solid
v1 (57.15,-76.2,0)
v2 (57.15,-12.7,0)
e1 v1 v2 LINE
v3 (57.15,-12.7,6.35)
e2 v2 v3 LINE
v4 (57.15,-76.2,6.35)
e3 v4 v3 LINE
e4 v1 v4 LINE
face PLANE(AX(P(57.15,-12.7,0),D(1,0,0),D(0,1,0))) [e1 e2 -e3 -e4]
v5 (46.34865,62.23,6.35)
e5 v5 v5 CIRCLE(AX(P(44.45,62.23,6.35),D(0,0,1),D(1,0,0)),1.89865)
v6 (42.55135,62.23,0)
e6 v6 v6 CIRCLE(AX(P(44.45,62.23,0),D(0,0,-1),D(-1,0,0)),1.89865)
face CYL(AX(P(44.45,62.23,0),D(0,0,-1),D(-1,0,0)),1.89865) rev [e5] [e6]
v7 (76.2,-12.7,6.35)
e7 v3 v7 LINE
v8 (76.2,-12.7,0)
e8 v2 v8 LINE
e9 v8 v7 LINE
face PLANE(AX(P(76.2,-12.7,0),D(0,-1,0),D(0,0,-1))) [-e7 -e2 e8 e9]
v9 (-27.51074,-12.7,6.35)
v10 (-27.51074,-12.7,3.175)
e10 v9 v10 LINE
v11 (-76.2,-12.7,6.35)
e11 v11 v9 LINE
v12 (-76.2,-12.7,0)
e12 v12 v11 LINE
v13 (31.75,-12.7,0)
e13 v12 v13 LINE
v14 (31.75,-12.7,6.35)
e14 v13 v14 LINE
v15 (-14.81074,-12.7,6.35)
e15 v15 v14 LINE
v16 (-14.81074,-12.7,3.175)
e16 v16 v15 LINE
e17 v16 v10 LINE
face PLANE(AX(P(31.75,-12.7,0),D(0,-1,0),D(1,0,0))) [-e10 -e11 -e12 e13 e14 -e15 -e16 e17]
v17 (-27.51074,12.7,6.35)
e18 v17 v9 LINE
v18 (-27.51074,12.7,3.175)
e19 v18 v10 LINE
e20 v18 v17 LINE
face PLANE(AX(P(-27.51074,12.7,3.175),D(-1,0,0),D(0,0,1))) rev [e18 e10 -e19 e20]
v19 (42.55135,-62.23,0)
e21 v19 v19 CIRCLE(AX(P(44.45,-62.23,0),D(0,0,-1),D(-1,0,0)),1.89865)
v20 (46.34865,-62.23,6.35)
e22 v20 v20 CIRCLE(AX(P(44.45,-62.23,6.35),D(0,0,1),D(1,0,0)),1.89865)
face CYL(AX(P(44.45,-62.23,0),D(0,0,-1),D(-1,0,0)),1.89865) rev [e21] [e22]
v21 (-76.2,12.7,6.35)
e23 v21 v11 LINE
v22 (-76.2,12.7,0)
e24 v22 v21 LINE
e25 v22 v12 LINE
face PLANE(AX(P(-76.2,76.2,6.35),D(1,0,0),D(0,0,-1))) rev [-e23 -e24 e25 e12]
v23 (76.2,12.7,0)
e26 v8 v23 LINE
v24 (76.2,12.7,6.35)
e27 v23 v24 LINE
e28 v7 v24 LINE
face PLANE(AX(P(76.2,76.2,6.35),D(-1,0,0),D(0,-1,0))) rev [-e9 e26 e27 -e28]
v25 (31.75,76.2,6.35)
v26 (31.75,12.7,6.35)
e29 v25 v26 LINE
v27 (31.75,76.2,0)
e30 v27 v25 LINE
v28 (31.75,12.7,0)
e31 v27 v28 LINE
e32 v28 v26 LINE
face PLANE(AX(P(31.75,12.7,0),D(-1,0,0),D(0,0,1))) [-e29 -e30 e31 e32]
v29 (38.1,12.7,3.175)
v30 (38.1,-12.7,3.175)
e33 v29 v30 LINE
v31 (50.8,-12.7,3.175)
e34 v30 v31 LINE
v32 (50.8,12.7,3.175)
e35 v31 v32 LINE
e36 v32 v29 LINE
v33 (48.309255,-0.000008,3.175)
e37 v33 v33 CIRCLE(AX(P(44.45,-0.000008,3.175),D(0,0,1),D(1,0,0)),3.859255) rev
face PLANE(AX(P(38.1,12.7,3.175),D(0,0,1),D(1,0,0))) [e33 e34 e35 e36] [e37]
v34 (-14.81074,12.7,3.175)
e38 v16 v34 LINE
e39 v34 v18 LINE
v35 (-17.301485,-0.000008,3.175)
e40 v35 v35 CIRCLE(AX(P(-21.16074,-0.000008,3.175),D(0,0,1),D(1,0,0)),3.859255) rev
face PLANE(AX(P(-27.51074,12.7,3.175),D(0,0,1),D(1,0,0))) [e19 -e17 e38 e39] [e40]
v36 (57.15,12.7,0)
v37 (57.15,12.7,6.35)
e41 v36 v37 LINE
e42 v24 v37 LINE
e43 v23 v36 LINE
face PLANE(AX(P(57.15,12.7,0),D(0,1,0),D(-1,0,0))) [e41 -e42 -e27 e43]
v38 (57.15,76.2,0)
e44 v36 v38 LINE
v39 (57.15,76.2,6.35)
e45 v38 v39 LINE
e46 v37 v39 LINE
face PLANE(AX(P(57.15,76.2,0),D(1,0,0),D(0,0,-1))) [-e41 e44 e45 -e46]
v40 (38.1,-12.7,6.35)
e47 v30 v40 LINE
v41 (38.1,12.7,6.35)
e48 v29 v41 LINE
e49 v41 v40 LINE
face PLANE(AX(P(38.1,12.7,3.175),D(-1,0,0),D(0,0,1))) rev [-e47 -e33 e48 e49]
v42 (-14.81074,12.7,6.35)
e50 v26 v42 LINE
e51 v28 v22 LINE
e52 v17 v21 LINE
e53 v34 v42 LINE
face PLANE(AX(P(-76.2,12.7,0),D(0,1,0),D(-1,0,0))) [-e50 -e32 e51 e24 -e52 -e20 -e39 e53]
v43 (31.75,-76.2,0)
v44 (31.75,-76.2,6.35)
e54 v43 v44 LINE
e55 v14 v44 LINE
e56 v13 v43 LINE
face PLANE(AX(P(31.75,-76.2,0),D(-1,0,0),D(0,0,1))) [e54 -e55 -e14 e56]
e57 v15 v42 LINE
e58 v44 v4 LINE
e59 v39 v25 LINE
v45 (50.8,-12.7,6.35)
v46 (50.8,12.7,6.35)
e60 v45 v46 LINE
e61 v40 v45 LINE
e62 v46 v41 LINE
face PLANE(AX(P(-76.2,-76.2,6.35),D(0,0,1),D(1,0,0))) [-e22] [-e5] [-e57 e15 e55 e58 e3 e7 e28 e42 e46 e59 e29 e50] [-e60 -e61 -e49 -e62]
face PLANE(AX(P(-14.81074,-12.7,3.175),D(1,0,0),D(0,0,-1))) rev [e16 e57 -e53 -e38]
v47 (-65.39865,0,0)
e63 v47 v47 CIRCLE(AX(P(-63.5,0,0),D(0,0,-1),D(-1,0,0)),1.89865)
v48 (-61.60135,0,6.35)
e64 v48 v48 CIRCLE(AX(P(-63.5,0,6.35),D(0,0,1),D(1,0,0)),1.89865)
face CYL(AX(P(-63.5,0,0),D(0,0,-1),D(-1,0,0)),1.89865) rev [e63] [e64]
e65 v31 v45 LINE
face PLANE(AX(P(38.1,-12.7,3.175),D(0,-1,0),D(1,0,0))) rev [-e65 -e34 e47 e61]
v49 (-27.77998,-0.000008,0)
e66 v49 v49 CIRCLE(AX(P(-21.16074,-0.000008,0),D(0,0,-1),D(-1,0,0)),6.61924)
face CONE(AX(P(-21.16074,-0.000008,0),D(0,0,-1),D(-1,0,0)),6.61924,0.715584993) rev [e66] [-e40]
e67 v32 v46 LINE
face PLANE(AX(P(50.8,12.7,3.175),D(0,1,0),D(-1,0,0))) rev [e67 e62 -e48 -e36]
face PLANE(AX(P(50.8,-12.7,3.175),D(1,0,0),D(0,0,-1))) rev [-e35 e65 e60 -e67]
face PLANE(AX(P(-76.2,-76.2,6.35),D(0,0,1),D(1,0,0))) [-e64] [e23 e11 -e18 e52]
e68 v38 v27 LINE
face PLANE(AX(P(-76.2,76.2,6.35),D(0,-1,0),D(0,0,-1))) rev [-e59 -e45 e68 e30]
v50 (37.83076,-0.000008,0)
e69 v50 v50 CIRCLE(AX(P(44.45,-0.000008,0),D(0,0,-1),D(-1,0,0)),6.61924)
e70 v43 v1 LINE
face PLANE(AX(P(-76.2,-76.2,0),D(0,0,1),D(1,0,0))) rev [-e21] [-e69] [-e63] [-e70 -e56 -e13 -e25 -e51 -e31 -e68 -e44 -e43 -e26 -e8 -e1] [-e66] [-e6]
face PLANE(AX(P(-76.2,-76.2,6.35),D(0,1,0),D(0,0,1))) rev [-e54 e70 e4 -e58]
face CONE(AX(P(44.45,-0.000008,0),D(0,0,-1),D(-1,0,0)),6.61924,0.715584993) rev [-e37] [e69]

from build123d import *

# Parameters (mm, degrees)
SKETCH1_W                  = 152.4
SKETCH1_H                  = 152.4
EXTRUDE1_DEPTH             = 6.35
SKETCH3_OUTSIDE_W          = 197.524
SKETCH3_OUTSIDE_H          = 197.524
EXTRUDE3_DEPTH             = 108.95
F_10_24_TAPPED_HOLE2_D     = 3.7973
F_10_24_TAPPED_HOLE2_DEPTH = 14.986
F_10_24_TAPPED_HOLE2_TIP   = 1.140824014
EXTRUDE4_DEPTH             = 3.175
SKETCH20_W                 = 12.7
SKETCH20_H                 = 25.4
EXTRUDE5_DEPTH             = 3.175


with BuildPart() as part:
    # Sketch1 → Extrude1 (new body)
    with BuildSketch(Plane.XY):
        Rectangle(SKETCH1_W, SKETCH1_H)
    extrude(amount=EXTRUDE1_DEPTH)

    # Sketch3 outside → Extrude3 (cut, through all)
    with BuildSketch(Plane.XY.offset(6.35)):
        Rectangle(SKETCH3_OUTSIDE_W, SKETCH3_OUTSIDE_H)
        Polygon((57.15, 76.2), (57.15, 12.7), (76.2, 12.7), (76.2, -12.7), (57.15, -12.7), (57.15, -76.2), (31.75, -76.2), (31.75, -12.7), (-76.2, -12.7), (-76.2, 12.7), (31.75, 12.7), (31.75, 76.2), align=None, mode=Mode.SUBTRACT)
    extrude(amount=-EXTRUDE3_DEPTH, mode=Mode.SUBTRACT)

    # Sketch11 → CSK for 1/4 Flat Head Socket Cap Screw2 (revolve, cut)
    with BuildSketch(Plane(origin=(-21.16074, -8.054e-06, 0), x_dir=(0, 1, 0), z_dir=(1, 0, 0))):
        Polygon((0, 0), (0, 6.35), (3.3782, 6.35), (3.3782, 3.728390023), (6.61924, 0), align=None)
    revolve(axis=Axis((-21.16074, -8.054e-06, -6.35), (0, 0, 1)), mode=Mode.SUBTRACT)

    # Sketch13 → CSK for 1/4 Flat Head Socket Cap Screw3 (revolve, cut)
    with BuildSketch(Plane(origin=(44.45, -8.054e-06, 0), x_dir=(0, 1, 0), z_dir=(1, 0, 0))):
        Polygon((0, 0), (0, 6.35), (3.3782, 6.35), (3.3782, 3.728390023), (6.61924, 0), align=None)
    revolve(axis=Axis((44.45, -8.054e-06, -6.35), (0, 0, 1)), mode=Mode.SUBTRACT)

    # #10-24 Tapped Hole2
    with Locations(Plane(origin=(-63.5, 0, 0), x_dir=(-1, 0, 0), z_dir=(0, 0, -1))):
        with Locations((0, 0), (-107.95, 62.23), (-107.95, -62.23)):
            Hole(F_10_24_TAPPED_HOLE2_D / 2, depth=F_10_24_TAPPED_HOLE2_DEPTH)
            with Locations((0, 0, -(F_10_24_TAPPED_HOLE2_DEPTH + F_10_24_TAPPED_HOLE2_TIP / 2))):  # 118° drill point
                Cone(0, F_10_24_TAPPED_HOLE2_D / 2, F_10_24_TAPPED_HOLE2_TIP, mode=Mode.SUBTRACT)

    # Sketch18 → Extrude4 (cut)
    with BuildSketch(Plane.XY.offset(6.35)):
        Polygon((-27.51074, 12.7), (-27.51074, -12.702586498), (-14.81074, -12.7), (-14.81074, 12.7), align=None)
    extrude(amount=-EXTRUDE4_DEPTH, mode=Mode.SUBTRACT)

    # Sketch20 → Extrude5 (cut)
    with BuildSketch(Plane.XY.offset(6.35)):
        with Locations((44.45, 0)):
            Rectangle(SKETCH20_W, SKETCH20_H)
    extrude(amount=-EXTRUDE5_DEPTH, mode=Mode.SUBTRACT)


solid = part.part
